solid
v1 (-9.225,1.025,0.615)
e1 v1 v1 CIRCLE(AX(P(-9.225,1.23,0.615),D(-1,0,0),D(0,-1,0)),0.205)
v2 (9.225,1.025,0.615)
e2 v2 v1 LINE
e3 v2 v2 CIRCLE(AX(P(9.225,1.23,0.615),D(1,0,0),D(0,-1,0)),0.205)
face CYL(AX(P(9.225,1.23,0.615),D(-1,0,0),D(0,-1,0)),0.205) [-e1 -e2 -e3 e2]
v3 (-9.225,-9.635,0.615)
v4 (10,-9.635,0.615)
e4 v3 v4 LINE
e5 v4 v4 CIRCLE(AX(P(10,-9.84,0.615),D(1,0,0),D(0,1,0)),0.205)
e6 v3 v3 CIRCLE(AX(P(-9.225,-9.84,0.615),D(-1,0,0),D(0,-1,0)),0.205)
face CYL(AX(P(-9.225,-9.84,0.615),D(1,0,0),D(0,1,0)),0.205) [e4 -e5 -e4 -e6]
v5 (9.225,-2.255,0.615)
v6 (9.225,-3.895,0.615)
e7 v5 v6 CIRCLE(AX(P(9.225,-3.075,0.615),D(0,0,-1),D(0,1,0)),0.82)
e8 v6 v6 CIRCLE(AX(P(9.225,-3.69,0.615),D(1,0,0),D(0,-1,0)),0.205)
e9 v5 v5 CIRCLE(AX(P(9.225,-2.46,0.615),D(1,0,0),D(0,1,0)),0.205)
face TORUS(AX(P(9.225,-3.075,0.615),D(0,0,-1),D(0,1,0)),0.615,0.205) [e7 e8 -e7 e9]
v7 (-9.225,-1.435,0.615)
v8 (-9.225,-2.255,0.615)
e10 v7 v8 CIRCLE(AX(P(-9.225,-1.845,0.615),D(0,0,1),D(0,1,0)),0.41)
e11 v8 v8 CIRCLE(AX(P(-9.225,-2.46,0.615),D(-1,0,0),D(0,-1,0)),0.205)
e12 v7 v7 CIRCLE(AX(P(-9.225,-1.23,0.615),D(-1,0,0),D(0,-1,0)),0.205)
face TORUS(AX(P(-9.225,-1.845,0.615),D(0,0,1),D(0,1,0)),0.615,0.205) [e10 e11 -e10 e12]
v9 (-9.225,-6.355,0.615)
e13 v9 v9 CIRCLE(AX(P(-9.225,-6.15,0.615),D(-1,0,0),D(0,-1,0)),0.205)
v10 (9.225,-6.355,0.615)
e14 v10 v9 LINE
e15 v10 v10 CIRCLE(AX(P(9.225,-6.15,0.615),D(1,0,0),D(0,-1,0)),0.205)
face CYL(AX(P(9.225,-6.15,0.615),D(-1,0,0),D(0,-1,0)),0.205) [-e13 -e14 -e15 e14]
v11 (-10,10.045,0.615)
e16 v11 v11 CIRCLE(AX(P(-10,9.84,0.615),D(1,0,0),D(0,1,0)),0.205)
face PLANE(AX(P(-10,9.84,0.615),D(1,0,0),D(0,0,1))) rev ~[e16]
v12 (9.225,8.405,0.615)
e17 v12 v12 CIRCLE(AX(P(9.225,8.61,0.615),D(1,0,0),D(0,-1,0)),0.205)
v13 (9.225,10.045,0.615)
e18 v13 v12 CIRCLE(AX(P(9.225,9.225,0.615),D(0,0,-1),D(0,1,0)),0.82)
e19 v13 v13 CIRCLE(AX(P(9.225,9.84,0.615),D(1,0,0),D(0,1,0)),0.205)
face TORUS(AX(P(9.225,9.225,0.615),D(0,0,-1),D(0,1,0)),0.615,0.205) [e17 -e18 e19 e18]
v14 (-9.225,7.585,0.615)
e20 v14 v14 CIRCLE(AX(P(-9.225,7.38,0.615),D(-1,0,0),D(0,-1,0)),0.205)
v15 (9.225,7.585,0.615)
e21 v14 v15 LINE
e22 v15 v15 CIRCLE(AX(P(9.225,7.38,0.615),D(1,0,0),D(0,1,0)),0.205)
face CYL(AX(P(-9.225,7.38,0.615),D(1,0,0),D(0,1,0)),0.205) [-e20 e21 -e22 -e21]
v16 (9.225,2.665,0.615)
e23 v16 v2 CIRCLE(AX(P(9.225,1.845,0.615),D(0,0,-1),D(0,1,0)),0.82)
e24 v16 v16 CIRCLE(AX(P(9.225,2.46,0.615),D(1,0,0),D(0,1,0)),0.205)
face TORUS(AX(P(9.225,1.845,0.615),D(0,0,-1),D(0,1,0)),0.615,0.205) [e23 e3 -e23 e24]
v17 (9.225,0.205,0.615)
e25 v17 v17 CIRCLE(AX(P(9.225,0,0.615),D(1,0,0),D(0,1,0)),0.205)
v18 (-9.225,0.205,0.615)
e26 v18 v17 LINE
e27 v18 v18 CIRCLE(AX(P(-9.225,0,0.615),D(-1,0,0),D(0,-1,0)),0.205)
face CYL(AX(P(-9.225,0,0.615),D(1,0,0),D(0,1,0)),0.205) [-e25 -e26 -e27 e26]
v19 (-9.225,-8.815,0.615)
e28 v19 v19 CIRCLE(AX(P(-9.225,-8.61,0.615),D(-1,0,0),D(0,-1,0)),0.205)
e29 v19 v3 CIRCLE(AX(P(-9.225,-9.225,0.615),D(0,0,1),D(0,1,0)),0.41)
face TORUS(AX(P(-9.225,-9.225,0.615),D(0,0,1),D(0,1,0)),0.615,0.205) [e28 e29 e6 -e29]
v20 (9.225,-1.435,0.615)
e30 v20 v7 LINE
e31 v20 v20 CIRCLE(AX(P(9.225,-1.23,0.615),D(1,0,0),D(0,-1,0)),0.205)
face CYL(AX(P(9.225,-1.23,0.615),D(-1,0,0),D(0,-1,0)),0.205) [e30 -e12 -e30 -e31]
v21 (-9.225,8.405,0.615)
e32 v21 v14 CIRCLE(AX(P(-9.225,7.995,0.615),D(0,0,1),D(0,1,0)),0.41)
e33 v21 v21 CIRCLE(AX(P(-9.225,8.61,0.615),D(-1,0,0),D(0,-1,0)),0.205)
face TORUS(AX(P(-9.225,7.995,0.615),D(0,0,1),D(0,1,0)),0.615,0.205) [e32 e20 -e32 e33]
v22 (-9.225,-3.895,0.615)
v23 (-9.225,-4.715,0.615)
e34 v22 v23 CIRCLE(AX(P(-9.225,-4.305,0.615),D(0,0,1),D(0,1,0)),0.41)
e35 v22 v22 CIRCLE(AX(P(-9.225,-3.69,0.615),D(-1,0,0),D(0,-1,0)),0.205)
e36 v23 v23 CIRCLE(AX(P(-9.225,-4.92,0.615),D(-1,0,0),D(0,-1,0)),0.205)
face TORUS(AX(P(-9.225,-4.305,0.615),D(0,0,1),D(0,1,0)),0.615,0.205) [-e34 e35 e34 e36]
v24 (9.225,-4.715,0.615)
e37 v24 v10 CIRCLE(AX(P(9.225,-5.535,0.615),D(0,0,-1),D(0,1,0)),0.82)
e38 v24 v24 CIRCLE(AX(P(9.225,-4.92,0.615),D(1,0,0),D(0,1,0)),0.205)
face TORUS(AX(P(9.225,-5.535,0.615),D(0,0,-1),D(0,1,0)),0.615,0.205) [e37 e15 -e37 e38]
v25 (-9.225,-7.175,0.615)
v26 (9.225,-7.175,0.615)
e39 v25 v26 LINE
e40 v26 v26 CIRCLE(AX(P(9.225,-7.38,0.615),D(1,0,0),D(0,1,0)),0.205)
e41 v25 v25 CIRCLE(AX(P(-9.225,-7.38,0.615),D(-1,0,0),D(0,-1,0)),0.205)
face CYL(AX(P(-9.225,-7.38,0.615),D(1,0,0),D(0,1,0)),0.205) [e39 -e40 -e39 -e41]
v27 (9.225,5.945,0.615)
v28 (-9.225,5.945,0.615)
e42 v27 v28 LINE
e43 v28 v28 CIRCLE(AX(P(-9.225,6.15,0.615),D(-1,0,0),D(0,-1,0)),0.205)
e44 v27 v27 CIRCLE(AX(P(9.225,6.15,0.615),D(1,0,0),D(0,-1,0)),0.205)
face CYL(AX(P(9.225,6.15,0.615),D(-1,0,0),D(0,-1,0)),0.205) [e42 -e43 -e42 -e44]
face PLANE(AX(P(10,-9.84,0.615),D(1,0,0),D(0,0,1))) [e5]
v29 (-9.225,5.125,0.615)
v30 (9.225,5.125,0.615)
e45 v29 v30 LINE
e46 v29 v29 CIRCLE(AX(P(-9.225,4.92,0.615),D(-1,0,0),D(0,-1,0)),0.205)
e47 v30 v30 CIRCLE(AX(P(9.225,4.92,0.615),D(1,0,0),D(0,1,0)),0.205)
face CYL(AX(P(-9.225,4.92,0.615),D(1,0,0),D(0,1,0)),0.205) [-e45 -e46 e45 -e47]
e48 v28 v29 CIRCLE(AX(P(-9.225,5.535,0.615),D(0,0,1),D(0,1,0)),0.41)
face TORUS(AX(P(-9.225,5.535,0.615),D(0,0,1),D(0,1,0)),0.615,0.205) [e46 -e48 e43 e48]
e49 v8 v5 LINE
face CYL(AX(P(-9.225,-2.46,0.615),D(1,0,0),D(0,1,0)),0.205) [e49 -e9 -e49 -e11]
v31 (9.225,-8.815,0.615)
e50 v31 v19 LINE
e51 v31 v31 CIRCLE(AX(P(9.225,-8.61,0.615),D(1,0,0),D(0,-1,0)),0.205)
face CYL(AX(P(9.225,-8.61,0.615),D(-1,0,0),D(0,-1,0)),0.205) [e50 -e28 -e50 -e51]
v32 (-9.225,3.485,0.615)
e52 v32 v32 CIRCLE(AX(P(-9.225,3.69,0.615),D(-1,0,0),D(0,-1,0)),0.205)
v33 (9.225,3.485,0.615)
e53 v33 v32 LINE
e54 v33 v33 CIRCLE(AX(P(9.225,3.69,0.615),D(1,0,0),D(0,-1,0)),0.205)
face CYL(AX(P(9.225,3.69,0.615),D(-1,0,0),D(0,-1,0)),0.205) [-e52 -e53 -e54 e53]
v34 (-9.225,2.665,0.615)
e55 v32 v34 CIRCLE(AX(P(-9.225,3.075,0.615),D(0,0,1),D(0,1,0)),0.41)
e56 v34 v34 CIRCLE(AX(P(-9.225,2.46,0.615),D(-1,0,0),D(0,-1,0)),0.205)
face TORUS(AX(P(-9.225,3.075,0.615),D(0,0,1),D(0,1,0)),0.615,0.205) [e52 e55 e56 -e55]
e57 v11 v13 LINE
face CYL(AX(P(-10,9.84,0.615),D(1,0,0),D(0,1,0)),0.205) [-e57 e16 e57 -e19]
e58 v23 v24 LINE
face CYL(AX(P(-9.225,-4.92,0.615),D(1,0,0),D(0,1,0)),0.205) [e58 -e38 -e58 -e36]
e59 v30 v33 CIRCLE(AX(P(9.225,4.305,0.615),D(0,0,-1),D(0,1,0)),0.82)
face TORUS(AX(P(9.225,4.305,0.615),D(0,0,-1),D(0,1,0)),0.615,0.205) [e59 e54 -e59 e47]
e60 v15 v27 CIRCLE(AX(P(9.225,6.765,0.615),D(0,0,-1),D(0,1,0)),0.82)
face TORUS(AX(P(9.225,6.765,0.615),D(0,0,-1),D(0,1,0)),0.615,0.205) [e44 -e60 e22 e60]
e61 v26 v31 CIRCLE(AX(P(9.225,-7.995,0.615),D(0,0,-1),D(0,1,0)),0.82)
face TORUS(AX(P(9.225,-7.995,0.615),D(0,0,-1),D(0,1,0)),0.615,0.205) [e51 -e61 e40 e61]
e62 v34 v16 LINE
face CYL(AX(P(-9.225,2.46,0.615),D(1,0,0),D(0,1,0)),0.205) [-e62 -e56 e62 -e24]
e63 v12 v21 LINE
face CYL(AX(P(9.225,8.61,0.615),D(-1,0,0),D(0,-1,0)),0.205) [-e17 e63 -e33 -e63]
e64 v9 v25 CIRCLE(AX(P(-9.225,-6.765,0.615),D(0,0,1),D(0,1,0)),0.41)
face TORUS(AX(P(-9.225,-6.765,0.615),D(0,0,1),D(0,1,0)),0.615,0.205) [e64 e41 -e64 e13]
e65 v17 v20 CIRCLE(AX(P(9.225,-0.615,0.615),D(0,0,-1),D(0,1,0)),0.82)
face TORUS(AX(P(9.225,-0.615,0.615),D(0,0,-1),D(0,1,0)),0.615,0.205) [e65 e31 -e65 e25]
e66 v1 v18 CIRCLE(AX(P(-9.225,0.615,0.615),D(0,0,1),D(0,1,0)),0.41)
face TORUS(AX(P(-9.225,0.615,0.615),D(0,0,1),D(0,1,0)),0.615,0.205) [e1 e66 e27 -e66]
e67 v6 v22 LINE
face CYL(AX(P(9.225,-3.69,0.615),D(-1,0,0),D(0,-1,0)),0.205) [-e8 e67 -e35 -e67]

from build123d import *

# Parameters (mm, degrees)
F8_R = 0.205


with BuildPart() as f9:
    # F9: sweep along a path in F6
    with BuildLine(Plane.XY.offset(0.615)) as f9_path:
        Line((-10, 9.84), (9.225, 9.84))
        ThreePointArc((9.225, 9.84), (9.84, 9.225), (9.225, 8.61))
        Line((9.225, 8.61), (-9.225, 8.61))
        ThreePointArc((-9.225, 8.61), (-9.84, 7.995), (-9.225, 7.38))
        Line((-9.225, 7.38), (9.225, 7.38))
        ThreePointArc((9.225, 7.38), (9.84, 6.765), (9.225, 6.15))
        Line((9.225, 6.15), (-9.225, 6.15))
        ThreePointArc((-9.225, 6.15), (-9.84, 5.535), (-9.225, 4.92))
        Line((-9.225, 4.92), (9.225, 4.92))
        ThreePointArc((9.225, 4.92), (9.84, 4.305), (9.225, 3.69))
        Line((9.225, 3.69), (-9.225, 3.69))
        ThreePointArc((-9.225, 3.69), (-9.84, 3.075), (-9.225, 2.46))
        Line((-9.225, 2.46), (9.225, 2.46))
        ThreePointArc((9.225, 2.46), (9.84, 1.845), (9.225, 1.23))
        Line((9.225, 1.23), (-9.225, 1.23))
        ThreePointArc((-9.225, 1.23), (-9.84, 0.615), (-9.225, 0))
        Line((-9.225, 0), (9.225, 0))
        ThreePointArc((9.225, 0), (9.84, -0.615), (9.225, -1.23))
        Line((9.225, -1.23), (-9.225, -1.23))
        ThreePointArc((-9.225, -1.23), (-9.84, -1.845), (-9.225, -2.46))
        Line((-9.225, -2.46), (9.225, -2.46))
        ThreePointArc((9.225, -2.46), (9.84, -3.075), (9.225, -3.69))
        Line((9.225, -3.69), (-9.225, -3.69))
        ThreePointArc((-9.225, -3.69), (-9.84, -4.305), (-9.225, -4.92))
        Line((-9.225, -4.92), (9.225, -4.92))
        ThreePointArc((9.225, -4.92), (9.84, -5.535), (9.225, -6.15))
        Line((9.225, -6.15), (-9.225, -6.15))
        ThreePointArc((-9.225, -6.15), (-9.84, -6.765), (-9.225, -7.38))
        Line((-9.225, -7.38), (9.225, -7.38))
        ThreePointArc((9.225, -7.38), (9.84, -7.995), (9.225, -8.61))
        Line((9.225, -8.61), (-9.225, -8.61))
        ThreePointArc((-9.225, -8.61), (-9.84, -9.225), (-9.225, -9.84))
        Line((-9.225, -9.84), (10, -9.84))
    # F8 (on line) → F9 (sweep)
    with BuildSketch(Plane.YZ.offset(-10)):
        with Locations((9.84, 0.615)):
            Circle(F8_R)
    sweep(path=f9_path.line)


solid = f9.part
